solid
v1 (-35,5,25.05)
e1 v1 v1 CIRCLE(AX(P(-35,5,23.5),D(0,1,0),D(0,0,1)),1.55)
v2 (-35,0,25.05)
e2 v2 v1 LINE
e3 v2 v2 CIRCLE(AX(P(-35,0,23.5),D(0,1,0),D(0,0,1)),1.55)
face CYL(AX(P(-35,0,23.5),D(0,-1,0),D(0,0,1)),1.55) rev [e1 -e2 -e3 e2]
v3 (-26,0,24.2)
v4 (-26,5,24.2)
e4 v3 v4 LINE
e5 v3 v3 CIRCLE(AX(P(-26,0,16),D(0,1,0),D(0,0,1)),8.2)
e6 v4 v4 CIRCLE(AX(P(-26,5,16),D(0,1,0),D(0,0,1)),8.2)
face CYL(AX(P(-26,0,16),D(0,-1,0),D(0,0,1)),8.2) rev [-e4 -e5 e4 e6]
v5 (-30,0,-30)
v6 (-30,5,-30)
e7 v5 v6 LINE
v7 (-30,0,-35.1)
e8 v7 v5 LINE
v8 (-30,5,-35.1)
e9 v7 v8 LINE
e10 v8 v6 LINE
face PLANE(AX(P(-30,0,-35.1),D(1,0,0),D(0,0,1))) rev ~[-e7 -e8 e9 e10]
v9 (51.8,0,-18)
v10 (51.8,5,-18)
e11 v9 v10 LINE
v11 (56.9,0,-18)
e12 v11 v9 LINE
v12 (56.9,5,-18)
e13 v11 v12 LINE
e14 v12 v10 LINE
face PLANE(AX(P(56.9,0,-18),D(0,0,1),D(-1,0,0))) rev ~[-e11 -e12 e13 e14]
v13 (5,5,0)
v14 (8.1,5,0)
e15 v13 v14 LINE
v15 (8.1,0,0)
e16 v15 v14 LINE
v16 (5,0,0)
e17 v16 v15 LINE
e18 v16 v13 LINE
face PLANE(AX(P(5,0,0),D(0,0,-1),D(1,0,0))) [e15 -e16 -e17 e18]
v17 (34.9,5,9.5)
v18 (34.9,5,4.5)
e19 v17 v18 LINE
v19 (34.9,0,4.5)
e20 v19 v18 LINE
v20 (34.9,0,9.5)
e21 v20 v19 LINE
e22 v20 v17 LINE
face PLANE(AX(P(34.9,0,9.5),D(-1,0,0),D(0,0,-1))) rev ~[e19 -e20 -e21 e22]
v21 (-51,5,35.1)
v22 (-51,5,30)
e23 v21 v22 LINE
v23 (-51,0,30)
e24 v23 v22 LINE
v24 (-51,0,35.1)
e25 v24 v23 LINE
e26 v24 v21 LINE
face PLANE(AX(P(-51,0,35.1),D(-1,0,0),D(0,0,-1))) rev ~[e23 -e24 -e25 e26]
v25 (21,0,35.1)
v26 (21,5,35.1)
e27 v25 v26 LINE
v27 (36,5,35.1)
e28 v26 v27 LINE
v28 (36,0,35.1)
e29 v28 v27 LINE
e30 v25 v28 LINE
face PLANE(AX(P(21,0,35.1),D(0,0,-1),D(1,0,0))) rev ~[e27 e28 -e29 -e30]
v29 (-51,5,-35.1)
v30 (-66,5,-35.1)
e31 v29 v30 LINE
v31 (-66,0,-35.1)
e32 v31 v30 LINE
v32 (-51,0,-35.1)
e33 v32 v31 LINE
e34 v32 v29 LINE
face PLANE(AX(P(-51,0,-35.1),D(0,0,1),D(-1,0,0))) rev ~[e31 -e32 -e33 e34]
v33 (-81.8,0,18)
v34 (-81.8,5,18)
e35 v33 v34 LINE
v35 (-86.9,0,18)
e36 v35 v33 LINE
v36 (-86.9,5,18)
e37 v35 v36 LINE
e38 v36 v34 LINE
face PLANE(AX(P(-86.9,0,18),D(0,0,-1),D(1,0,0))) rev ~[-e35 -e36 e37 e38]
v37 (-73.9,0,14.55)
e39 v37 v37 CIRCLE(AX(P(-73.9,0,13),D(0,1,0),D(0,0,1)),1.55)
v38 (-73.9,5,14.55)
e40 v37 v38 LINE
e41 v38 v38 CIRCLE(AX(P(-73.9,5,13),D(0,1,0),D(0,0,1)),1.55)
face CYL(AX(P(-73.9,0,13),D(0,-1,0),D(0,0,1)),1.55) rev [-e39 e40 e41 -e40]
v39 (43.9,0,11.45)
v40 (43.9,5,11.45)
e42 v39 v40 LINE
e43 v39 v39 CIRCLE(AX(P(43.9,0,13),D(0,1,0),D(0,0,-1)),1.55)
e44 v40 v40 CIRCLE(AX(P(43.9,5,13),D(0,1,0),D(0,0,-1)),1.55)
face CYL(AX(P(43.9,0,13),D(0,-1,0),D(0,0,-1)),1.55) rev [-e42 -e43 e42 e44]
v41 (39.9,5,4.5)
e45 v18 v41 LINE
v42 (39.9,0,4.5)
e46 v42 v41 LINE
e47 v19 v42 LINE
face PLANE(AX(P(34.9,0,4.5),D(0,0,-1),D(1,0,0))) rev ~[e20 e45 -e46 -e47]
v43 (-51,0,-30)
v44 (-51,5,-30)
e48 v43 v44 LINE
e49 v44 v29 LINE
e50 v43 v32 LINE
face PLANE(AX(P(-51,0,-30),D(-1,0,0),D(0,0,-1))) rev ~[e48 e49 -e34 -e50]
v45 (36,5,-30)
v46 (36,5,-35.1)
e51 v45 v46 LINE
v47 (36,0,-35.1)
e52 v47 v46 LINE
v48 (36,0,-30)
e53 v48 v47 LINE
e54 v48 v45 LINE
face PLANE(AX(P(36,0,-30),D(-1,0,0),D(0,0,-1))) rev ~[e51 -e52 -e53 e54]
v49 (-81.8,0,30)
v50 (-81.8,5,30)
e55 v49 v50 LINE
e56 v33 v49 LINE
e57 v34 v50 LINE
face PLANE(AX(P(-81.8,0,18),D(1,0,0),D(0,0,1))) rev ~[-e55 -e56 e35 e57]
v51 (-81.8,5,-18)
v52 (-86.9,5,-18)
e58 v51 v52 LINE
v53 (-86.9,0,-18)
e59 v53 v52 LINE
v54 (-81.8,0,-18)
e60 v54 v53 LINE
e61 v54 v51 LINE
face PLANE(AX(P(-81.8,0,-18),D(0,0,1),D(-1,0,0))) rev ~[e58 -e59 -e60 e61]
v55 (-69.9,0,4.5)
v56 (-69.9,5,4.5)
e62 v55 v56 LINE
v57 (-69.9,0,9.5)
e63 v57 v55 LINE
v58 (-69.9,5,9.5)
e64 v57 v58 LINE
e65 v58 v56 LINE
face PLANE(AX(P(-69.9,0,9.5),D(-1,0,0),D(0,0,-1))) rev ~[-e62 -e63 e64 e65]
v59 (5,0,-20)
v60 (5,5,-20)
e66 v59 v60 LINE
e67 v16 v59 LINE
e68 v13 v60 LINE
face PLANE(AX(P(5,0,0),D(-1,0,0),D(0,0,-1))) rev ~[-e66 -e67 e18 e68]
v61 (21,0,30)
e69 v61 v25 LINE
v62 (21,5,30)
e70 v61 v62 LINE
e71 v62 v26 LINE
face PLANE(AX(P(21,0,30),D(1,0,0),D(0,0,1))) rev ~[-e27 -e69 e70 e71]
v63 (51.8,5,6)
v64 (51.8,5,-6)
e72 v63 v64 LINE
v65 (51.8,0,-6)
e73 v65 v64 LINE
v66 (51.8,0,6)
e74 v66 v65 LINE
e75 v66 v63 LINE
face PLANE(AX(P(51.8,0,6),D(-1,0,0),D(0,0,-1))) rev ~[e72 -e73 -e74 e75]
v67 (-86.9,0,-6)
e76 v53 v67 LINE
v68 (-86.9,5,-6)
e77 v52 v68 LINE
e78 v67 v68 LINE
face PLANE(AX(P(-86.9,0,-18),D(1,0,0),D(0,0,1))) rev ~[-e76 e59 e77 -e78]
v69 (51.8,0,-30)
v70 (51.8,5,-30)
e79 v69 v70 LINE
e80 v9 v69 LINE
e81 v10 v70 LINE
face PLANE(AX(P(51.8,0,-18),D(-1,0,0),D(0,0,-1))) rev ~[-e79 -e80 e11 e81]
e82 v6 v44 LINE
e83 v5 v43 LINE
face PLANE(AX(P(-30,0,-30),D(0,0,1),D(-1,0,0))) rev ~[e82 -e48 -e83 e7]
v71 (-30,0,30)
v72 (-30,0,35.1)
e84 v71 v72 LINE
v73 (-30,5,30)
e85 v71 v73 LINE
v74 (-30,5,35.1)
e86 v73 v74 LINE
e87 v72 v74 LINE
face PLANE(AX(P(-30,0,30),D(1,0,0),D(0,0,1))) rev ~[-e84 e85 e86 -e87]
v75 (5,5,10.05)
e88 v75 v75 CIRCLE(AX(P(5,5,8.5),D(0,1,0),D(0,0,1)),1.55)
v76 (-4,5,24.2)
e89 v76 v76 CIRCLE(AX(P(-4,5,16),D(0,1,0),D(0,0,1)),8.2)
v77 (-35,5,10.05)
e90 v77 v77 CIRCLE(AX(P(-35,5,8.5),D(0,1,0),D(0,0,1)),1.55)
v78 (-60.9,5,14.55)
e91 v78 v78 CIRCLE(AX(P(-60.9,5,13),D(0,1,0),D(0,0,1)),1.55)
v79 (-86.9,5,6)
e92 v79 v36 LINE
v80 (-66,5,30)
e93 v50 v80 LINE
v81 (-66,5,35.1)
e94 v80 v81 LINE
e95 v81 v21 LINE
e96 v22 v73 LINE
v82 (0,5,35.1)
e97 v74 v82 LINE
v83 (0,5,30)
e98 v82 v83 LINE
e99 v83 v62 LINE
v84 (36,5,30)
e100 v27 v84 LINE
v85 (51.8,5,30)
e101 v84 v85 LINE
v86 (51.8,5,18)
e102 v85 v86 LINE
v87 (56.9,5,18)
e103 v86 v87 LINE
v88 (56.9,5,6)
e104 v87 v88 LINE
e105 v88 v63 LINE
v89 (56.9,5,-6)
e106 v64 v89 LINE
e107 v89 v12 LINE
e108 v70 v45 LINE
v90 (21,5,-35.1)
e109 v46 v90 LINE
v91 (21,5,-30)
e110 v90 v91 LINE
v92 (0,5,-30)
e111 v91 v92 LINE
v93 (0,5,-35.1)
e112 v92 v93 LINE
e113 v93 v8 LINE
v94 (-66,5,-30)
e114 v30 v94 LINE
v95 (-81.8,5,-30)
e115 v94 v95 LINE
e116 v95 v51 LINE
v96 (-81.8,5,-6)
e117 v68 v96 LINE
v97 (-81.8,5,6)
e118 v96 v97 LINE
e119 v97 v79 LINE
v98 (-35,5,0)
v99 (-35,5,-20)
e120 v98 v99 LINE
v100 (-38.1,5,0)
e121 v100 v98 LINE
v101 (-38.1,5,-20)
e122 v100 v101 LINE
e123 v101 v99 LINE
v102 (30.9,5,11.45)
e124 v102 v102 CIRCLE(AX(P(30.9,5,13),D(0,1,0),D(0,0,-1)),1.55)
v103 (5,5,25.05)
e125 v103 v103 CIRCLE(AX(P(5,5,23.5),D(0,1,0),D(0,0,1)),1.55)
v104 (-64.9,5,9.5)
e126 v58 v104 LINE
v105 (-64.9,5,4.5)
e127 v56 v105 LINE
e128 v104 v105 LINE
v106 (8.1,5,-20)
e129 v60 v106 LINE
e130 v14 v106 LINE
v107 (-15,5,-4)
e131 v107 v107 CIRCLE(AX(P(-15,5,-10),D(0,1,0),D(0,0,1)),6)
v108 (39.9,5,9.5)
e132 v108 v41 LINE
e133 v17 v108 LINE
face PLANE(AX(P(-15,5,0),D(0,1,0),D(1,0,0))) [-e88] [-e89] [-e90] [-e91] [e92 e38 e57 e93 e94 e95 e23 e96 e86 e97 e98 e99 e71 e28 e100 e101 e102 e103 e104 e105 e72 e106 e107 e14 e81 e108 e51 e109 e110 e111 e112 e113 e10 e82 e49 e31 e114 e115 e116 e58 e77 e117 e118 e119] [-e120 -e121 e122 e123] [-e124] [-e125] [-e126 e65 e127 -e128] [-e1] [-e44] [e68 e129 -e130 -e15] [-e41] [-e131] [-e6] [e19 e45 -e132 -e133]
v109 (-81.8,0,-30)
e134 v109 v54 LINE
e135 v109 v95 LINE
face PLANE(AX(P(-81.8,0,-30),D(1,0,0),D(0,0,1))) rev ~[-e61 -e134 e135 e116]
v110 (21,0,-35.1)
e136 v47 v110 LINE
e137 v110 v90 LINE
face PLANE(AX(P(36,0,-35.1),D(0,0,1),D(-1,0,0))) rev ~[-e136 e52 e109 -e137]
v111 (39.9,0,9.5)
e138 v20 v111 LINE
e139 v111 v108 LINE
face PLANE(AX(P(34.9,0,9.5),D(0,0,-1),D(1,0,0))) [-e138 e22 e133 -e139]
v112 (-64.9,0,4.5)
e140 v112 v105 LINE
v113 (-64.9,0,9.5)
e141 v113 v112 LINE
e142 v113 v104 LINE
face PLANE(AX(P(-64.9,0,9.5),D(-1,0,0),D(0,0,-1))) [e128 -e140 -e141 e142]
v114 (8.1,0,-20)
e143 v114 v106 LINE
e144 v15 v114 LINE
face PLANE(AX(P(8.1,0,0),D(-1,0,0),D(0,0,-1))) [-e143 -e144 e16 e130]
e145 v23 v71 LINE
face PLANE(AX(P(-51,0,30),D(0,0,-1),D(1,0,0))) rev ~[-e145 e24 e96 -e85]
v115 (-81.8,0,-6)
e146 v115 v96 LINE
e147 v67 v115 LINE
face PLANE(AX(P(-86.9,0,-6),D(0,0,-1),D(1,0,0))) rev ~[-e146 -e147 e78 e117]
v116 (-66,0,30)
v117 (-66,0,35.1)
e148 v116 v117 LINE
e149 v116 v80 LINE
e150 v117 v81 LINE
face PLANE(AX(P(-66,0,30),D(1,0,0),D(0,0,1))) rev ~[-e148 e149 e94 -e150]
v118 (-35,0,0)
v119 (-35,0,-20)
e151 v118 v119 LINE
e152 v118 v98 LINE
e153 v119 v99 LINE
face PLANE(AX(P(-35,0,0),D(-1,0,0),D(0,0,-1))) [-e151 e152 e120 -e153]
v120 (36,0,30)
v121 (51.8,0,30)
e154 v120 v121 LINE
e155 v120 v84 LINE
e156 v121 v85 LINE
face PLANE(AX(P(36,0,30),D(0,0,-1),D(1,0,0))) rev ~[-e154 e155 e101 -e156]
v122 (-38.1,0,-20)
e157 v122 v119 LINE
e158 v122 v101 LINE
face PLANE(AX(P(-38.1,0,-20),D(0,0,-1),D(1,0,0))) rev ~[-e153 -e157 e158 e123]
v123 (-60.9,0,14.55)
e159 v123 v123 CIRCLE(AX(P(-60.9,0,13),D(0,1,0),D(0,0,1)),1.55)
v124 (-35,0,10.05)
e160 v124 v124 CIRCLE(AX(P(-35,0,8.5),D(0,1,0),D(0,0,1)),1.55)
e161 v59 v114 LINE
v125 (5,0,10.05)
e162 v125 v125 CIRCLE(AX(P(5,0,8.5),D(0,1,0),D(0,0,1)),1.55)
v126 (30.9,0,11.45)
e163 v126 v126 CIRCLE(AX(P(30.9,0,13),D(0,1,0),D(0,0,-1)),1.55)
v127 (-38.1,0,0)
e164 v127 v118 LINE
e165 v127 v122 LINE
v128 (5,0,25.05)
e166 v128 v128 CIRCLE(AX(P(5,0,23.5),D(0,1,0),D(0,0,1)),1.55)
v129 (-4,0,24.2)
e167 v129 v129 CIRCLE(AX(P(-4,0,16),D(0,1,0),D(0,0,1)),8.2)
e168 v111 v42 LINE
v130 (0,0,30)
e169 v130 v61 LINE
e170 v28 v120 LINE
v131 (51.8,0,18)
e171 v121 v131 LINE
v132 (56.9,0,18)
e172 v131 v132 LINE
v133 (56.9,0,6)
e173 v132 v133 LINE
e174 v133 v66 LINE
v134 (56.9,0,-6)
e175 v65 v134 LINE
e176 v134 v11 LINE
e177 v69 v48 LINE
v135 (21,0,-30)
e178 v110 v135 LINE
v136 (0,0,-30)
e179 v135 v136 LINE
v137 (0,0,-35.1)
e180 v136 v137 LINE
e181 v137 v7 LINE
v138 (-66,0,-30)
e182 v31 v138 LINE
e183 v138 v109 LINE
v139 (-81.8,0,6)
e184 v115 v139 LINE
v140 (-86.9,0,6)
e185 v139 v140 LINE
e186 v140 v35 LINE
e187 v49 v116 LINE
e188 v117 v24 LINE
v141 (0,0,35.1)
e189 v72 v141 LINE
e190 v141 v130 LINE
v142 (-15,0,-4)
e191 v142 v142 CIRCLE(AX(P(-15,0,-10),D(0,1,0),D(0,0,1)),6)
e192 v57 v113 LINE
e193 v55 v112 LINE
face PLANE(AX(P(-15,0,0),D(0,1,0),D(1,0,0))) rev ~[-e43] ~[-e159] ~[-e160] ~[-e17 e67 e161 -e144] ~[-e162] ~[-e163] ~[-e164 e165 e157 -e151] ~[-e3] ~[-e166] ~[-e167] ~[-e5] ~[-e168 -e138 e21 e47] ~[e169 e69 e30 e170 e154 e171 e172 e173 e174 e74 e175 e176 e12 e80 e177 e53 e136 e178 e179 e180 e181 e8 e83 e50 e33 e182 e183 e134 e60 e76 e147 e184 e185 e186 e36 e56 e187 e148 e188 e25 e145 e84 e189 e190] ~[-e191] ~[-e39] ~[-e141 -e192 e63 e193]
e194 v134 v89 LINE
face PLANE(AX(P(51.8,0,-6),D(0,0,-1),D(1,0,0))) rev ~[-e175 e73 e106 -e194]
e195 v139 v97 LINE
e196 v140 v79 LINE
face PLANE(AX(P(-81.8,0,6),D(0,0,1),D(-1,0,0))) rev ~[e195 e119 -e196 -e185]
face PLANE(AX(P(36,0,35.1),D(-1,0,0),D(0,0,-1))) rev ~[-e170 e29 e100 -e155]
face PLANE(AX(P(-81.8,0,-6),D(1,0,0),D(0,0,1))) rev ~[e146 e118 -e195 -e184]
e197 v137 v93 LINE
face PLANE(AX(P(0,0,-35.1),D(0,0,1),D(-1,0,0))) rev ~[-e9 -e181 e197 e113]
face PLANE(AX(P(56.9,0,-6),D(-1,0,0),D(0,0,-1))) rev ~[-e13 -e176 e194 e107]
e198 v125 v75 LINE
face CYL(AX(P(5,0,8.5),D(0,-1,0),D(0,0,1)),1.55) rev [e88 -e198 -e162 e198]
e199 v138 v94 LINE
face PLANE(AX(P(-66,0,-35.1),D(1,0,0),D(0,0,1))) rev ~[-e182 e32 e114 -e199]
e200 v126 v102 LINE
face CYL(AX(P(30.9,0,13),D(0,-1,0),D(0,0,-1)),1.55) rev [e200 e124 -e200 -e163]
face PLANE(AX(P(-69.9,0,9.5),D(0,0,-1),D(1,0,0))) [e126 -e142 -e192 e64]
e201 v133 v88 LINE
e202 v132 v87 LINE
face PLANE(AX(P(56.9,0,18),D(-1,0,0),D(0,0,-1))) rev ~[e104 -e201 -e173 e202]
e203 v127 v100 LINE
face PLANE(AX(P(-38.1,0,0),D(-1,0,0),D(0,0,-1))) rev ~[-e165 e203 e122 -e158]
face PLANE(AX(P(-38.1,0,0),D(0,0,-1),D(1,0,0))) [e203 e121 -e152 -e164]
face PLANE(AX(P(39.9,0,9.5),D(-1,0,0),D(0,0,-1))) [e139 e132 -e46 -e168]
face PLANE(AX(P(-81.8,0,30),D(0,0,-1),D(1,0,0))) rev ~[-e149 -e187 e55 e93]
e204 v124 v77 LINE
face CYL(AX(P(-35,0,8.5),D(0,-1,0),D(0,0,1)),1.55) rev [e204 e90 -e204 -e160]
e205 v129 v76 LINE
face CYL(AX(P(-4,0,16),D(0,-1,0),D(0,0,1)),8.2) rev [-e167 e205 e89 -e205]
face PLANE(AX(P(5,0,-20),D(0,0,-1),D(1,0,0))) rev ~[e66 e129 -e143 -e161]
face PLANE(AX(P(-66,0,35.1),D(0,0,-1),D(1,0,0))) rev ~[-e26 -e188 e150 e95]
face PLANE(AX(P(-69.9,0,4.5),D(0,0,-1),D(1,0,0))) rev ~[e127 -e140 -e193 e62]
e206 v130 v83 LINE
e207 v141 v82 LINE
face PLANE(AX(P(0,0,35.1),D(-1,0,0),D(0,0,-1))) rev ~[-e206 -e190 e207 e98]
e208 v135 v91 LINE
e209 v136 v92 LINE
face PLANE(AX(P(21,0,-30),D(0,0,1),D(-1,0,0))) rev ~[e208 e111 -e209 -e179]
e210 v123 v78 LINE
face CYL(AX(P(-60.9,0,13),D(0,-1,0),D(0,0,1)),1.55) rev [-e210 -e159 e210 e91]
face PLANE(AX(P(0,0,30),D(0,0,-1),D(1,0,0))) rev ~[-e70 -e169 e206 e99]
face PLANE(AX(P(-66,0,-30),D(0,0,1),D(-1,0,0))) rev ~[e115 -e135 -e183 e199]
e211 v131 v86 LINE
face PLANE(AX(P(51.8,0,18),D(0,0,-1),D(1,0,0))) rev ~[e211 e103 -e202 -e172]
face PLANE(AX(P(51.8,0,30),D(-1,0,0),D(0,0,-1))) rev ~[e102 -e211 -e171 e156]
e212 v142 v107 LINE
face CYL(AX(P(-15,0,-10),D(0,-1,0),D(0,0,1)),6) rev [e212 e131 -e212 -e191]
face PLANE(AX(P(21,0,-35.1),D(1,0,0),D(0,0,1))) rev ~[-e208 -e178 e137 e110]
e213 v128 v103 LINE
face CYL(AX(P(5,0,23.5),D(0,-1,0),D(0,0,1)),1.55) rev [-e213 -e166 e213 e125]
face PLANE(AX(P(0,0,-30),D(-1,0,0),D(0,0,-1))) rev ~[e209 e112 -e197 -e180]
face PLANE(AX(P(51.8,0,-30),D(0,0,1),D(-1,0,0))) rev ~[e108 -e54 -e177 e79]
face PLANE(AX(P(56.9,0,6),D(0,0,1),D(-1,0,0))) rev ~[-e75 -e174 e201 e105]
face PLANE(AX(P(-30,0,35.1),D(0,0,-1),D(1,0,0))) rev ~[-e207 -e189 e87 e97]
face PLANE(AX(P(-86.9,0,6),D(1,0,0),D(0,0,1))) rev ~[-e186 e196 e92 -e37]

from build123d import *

# Parameters (mm, degrees)
SKETCH1_R           = 8.2
SKETCH1_R_2         = 6
SKETCH1_R_3         = 1.55
SKETCH1_W           = 3.1
SKETCH1_H           = 20
SKETCH1_W_2         = 5
SKETCH1_H_2         = 5
BOSS_EXTRUDE1_DEPTH = 5


with BuildPart() as part:
    # Sketch1 → Boss-Extrude1 (new body)
    with BuildSketch(Plane(origin=(0, 0, 0), x_dir=(1, 0, 0), z_dir=(0, 1, 0))):
        Polygon((-81.8, -30), (-66, -30), (-66, -35.1), (-51, -35.1), (-51, -30), (-30, -30), (-30, -35.1), (0, -35.1), (0, -30), (21, -30), (21, -35.1), (36, -35.1), (36, -30), (51.8, -30), (51.8, -18), (56.9, -18), (56.9, -6), (51.8, -6), (51.8, 6), (56.9, 6), (56.9, 18), (51.8, 18), (51.8, 30), (36, 30), (36, 35.1), (21, 35.1), (21, 30), (0, 30), (0, 35.1), (-30, 35.1), (-30, 30), (-51, 30), (-51, 35.1), (-66, 35.1), (-66, 30), (-81.8, 30), (-81.8, 18), (-86.9, 18), (-86.9, 6), (-81.8, 6), (-81.8, -6), (-86.9, -6), (-86.9, -18), (-81.8, -18), align=None)
        with Locations(Location((-4, -16, 0), (0, 0, 270))):
            Circle(SKETCH1_R, mode=Mode.SUBTRACT)
        with Locations(Location((-26, -16, 0), (0, 0, 270))):
            Circle(SKETCH1_R, mode=Mode.SUBTRACT)
        with Locations(Location((-15, 10, 0), (0, 0, 270))):
            Circle(SKETCH1_R_2, mode=Mode.SUBTRACT)
        with Locations(Location((5, -8.5, 0), (0, 0, 270))):
            Circle(SKETCH1_R_3, mode=Mode.SUBTRACT)
        with Locations(Location((5, -23.5, 0), (0, 0, 270))):
            Circle(SKETCH1_R_3, mode=Mode.SUBTRACT)
        with Locations(Location((-35, -8.5, 0), (0, 0, 270))):
            Circle(SKETCH1_R_3, mode=Mode.SUBTRACT)
        with Locations(Location((-35, -23.5, 0), (0, 0, 270))):
            Circle(SKETCH1_R_3, mode=Mode.SUBTRACT)
        with Locations(Location((-73.9, -13, 0), (0, 0, 270))):
            Circle(SKETCH1_R_3, mode=Mode.SUBTRACT)
        with Locations(Location((-60.9, -13, 0), (0, 0, 270))):
            Circle(SKETCH1_R_3, mode=Mode.SUBTRACT)
        with Locations(Location((30.9, -13, 0), (0, 0, 90))):
            Circle(SKETCH1_R_3, mode=Mode.SUBTRACT)
        with Locations(Location((43.9, -13, 0), (0, 0, 90))):
            Circle(SKETCH1_R_3, mode=Mode.SUBTRACT)
        with Locations((6.55, 10)):
            Rectangle(SKETCH1_W, SKETCH1_H, mode=Mode.SUBTRACT)
        with Locations((-36.55, 10)):
            Rectangle(SKETCH1_W, SKETCH1_H, mode=Mode.SUBTRACT)
        with Locations((-67.4, -7)):
            Rectangle(SKETCH1_W_2, SKETCH1_H_2, mode=Mode.SUBTRACT)
        with Locations((37.4, -7)):
            Rectangle(SKETCH1_W_2, SKETCH1_H_2, mode=Mode.SUBTRACT)
    extrude(amount=BOSS_EXTRUDE1_DEPTH)


solid = part.part
